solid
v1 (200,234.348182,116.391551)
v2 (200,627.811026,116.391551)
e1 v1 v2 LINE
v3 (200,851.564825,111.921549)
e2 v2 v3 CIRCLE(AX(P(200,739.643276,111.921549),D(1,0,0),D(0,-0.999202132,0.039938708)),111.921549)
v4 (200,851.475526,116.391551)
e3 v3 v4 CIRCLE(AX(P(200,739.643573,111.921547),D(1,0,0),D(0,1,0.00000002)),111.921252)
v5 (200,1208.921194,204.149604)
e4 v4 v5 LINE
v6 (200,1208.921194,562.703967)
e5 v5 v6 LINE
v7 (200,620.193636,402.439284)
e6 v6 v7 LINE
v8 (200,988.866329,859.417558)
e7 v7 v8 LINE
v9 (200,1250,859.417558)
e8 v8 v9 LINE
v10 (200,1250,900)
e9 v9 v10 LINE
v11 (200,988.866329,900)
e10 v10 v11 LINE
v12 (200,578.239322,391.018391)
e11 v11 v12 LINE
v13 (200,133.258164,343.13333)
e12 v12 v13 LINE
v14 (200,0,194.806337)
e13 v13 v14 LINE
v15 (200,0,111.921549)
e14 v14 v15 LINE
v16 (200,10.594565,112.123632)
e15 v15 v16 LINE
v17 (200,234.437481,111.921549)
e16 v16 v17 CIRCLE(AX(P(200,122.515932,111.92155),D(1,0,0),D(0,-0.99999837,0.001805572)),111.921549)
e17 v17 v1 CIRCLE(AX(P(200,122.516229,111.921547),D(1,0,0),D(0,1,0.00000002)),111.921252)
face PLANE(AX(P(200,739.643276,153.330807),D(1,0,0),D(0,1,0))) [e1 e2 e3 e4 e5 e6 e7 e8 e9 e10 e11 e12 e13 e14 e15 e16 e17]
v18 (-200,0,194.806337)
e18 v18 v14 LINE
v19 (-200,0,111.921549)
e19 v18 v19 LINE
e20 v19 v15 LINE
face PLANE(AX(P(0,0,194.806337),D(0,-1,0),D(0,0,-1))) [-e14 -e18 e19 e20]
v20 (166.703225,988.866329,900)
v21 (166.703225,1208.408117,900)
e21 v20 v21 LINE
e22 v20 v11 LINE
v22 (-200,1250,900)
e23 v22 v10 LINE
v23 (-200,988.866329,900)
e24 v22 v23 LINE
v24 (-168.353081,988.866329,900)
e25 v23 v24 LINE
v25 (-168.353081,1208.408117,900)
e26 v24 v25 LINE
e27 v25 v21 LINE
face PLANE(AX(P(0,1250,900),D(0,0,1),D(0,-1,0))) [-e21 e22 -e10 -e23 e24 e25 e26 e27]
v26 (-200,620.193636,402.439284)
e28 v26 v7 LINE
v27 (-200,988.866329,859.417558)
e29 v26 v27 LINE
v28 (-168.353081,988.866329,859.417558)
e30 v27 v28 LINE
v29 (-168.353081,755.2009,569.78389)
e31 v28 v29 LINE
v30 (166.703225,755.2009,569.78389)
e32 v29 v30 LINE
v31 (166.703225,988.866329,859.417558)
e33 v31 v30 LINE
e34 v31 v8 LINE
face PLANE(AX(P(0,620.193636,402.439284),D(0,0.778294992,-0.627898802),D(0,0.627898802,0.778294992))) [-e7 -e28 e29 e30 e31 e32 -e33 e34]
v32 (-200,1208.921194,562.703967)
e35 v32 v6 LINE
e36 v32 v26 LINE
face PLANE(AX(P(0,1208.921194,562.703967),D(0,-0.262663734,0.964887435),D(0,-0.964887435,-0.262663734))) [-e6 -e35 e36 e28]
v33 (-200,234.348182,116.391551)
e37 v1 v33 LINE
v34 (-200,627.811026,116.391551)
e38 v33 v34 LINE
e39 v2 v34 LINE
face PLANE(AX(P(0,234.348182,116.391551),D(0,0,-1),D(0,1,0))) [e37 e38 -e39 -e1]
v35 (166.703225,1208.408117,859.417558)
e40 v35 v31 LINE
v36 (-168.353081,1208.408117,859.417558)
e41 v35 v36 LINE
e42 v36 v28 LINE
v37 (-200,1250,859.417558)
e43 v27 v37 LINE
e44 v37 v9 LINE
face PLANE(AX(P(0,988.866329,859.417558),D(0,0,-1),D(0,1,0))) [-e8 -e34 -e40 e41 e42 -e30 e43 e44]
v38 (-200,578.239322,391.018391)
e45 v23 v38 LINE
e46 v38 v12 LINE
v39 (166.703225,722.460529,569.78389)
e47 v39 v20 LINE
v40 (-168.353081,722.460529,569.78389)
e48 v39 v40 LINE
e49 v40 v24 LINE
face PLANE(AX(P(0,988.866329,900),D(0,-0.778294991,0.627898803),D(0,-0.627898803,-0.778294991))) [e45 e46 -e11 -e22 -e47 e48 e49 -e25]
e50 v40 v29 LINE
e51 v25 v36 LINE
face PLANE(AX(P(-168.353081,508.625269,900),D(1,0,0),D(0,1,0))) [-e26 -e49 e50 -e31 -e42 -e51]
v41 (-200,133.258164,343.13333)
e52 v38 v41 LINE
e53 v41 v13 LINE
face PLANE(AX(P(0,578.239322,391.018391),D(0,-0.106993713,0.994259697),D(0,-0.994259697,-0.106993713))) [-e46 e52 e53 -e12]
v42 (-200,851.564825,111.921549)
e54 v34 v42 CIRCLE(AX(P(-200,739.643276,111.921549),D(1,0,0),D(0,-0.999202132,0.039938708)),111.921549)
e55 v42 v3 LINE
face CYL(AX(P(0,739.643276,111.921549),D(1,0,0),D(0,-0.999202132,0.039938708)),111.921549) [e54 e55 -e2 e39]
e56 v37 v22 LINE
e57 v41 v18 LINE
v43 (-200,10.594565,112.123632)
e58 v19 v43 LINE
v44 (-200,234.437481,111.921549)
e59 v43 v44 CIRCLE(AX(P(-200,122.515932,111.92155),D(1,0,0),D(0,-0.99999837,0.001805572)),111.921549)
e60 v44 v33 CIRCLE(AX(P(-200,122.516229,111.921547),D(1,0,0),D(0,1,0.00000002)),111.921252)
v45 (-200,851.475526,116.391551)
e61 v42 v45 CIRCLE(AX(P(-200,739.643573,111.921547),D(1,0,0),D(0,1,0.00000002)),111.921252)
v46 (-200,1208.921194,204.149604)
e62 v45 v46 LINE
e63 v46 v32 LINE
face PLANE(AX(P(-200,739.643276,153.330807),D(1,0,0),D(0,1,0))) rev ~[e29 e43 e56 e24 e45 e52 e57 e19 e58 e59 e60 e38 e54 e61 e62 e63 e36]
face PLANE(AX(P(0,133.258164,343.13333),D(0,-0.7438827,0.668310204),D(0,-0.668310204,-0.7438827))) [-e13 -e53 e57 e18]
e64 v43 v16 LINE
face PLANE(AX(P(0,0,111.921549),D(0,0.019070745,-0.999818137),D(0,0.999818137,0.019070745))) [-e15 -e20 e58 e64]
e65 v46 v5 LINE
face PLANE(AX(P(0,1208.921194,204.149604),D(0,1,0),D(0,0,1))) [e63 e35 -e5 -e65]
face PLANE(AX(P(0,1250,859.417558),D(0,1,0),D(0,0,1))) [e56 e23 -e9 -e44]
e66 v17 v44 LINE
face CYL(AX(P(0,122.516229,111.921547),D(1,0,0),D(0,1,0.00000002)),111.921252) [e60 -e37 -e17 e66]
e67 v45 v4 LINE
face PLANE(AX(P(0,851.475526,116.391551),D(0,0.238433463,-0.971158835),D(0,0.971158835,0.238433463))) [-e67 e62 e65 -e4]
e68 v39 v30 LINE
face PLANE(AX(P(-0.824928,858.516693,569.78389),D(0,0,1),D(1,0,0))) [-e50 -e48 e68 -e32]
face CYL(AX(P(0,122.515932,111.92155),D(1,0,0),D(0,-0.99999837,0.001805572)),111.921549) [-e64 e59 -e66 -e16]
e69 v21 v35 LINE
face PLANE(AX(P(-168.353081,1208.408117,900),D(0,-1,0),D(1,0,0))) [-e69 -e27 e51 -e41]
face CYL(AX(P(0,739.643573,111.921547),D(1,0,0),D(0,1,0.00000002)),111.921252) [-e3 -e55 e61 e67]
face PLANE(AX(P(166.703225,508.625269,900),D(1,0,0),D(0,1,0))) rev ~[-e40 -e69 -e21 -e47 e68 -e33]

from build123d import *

# Parameters (mm, degrees)
F1_DEPTH = 200
F2_W     = 335.056305
F2_H     = 699.782848
F3_DEPTH = 330.21611


with BuildPart() as f1:
    # F0 (on Right) → F1 (new body, symmetric)
    with BuildSketch(Plane.YZ):
        with BuildLine():
            ThreePointArc((851.475526, 116.391551), (739.643276, 223.843098), (627.811026, 116.391551))
            Line((627.811026, 116.391551), (851.475526, 116.391551))
        make_face()
        with BuildLine():
            ThreePointArc((10.594565, 112.123632), (122.41489, 4.6e-05), (234.437481, 111.921549))
            ThreePointArc((234.437481, 111.921549), (234.415154, 114.156996), (234.348182, 116.391551))
            Line((234.348182, 116.391551), (10.594565, 112.123632))
        make_face()
        with BuildLine():
            Line((10.594565, 112.123632), (234.348182, 116.391551))
            ThreePointArc((234.348182, 116.391551), (120.381507, 223.822743), (10.594565, 112.123632))
        make_face()
        with BuildLine():
            Line((851.475526, 116.391551), (627.811026, 116.391551))
            ThreePointArc((627.811026, 116.391551), (737.407829, 0.022327), (851.564825, 111.921549))
            ThreePointArc((851.564825, 111.921549), (851.542498, 114.156996), (851.475526, 116.391551))
        make_face()
        with BuildLine():
            ThreePointArc((10.594565, 112.123632), (120.381507, 223.822743), (234.348182, 116.391551))
            Line((234.348182, 116.391551), (627.811026, 116.391551))
            ThreePointArc((627.811026, 116.391551), (739.643276, 223.843098), (851.475526, 116.391551))
            Line((851.475526, 116.391551), (1208.921194, 204.149604))
            Line((1208.921194, 204.149604), (1208.921194, 562.703967))
            Line((1208.921194, 562.703967), (620.193636, 402.439284))
            Line((620.193636, 402.439284), (578.239322, 391.018391))
            Line((578.239322, 391.018391), (133.258164, 343.13333))
            Line((133.258164, 343.13333), (0, 194.806337))
            Line((0, 194.806337), (0, 111.921549))
            Line((0, 111.921549), (10.594565, 112.123632))
        make_face()
        Polygon((988.866329, 900), (578.239322, 391.018391), (620.193636, 402.439284), (988.866329, 859.417558), (1250, 859.417558), (1250, 900), align=None)
    extrude(amount=F1_DEPTH, both=True)

    # F2 (on face) → F3 (cut)
    with BuildSketch(Plane.XY.offset(900)):
        with Locations((-0.824928, 858.516693)):
            Rectangle(F2_W, F2_H)
    extrude(amount=-F3_DEPTH, mode=Mode.SUBTRACT)


solid = f1.part
